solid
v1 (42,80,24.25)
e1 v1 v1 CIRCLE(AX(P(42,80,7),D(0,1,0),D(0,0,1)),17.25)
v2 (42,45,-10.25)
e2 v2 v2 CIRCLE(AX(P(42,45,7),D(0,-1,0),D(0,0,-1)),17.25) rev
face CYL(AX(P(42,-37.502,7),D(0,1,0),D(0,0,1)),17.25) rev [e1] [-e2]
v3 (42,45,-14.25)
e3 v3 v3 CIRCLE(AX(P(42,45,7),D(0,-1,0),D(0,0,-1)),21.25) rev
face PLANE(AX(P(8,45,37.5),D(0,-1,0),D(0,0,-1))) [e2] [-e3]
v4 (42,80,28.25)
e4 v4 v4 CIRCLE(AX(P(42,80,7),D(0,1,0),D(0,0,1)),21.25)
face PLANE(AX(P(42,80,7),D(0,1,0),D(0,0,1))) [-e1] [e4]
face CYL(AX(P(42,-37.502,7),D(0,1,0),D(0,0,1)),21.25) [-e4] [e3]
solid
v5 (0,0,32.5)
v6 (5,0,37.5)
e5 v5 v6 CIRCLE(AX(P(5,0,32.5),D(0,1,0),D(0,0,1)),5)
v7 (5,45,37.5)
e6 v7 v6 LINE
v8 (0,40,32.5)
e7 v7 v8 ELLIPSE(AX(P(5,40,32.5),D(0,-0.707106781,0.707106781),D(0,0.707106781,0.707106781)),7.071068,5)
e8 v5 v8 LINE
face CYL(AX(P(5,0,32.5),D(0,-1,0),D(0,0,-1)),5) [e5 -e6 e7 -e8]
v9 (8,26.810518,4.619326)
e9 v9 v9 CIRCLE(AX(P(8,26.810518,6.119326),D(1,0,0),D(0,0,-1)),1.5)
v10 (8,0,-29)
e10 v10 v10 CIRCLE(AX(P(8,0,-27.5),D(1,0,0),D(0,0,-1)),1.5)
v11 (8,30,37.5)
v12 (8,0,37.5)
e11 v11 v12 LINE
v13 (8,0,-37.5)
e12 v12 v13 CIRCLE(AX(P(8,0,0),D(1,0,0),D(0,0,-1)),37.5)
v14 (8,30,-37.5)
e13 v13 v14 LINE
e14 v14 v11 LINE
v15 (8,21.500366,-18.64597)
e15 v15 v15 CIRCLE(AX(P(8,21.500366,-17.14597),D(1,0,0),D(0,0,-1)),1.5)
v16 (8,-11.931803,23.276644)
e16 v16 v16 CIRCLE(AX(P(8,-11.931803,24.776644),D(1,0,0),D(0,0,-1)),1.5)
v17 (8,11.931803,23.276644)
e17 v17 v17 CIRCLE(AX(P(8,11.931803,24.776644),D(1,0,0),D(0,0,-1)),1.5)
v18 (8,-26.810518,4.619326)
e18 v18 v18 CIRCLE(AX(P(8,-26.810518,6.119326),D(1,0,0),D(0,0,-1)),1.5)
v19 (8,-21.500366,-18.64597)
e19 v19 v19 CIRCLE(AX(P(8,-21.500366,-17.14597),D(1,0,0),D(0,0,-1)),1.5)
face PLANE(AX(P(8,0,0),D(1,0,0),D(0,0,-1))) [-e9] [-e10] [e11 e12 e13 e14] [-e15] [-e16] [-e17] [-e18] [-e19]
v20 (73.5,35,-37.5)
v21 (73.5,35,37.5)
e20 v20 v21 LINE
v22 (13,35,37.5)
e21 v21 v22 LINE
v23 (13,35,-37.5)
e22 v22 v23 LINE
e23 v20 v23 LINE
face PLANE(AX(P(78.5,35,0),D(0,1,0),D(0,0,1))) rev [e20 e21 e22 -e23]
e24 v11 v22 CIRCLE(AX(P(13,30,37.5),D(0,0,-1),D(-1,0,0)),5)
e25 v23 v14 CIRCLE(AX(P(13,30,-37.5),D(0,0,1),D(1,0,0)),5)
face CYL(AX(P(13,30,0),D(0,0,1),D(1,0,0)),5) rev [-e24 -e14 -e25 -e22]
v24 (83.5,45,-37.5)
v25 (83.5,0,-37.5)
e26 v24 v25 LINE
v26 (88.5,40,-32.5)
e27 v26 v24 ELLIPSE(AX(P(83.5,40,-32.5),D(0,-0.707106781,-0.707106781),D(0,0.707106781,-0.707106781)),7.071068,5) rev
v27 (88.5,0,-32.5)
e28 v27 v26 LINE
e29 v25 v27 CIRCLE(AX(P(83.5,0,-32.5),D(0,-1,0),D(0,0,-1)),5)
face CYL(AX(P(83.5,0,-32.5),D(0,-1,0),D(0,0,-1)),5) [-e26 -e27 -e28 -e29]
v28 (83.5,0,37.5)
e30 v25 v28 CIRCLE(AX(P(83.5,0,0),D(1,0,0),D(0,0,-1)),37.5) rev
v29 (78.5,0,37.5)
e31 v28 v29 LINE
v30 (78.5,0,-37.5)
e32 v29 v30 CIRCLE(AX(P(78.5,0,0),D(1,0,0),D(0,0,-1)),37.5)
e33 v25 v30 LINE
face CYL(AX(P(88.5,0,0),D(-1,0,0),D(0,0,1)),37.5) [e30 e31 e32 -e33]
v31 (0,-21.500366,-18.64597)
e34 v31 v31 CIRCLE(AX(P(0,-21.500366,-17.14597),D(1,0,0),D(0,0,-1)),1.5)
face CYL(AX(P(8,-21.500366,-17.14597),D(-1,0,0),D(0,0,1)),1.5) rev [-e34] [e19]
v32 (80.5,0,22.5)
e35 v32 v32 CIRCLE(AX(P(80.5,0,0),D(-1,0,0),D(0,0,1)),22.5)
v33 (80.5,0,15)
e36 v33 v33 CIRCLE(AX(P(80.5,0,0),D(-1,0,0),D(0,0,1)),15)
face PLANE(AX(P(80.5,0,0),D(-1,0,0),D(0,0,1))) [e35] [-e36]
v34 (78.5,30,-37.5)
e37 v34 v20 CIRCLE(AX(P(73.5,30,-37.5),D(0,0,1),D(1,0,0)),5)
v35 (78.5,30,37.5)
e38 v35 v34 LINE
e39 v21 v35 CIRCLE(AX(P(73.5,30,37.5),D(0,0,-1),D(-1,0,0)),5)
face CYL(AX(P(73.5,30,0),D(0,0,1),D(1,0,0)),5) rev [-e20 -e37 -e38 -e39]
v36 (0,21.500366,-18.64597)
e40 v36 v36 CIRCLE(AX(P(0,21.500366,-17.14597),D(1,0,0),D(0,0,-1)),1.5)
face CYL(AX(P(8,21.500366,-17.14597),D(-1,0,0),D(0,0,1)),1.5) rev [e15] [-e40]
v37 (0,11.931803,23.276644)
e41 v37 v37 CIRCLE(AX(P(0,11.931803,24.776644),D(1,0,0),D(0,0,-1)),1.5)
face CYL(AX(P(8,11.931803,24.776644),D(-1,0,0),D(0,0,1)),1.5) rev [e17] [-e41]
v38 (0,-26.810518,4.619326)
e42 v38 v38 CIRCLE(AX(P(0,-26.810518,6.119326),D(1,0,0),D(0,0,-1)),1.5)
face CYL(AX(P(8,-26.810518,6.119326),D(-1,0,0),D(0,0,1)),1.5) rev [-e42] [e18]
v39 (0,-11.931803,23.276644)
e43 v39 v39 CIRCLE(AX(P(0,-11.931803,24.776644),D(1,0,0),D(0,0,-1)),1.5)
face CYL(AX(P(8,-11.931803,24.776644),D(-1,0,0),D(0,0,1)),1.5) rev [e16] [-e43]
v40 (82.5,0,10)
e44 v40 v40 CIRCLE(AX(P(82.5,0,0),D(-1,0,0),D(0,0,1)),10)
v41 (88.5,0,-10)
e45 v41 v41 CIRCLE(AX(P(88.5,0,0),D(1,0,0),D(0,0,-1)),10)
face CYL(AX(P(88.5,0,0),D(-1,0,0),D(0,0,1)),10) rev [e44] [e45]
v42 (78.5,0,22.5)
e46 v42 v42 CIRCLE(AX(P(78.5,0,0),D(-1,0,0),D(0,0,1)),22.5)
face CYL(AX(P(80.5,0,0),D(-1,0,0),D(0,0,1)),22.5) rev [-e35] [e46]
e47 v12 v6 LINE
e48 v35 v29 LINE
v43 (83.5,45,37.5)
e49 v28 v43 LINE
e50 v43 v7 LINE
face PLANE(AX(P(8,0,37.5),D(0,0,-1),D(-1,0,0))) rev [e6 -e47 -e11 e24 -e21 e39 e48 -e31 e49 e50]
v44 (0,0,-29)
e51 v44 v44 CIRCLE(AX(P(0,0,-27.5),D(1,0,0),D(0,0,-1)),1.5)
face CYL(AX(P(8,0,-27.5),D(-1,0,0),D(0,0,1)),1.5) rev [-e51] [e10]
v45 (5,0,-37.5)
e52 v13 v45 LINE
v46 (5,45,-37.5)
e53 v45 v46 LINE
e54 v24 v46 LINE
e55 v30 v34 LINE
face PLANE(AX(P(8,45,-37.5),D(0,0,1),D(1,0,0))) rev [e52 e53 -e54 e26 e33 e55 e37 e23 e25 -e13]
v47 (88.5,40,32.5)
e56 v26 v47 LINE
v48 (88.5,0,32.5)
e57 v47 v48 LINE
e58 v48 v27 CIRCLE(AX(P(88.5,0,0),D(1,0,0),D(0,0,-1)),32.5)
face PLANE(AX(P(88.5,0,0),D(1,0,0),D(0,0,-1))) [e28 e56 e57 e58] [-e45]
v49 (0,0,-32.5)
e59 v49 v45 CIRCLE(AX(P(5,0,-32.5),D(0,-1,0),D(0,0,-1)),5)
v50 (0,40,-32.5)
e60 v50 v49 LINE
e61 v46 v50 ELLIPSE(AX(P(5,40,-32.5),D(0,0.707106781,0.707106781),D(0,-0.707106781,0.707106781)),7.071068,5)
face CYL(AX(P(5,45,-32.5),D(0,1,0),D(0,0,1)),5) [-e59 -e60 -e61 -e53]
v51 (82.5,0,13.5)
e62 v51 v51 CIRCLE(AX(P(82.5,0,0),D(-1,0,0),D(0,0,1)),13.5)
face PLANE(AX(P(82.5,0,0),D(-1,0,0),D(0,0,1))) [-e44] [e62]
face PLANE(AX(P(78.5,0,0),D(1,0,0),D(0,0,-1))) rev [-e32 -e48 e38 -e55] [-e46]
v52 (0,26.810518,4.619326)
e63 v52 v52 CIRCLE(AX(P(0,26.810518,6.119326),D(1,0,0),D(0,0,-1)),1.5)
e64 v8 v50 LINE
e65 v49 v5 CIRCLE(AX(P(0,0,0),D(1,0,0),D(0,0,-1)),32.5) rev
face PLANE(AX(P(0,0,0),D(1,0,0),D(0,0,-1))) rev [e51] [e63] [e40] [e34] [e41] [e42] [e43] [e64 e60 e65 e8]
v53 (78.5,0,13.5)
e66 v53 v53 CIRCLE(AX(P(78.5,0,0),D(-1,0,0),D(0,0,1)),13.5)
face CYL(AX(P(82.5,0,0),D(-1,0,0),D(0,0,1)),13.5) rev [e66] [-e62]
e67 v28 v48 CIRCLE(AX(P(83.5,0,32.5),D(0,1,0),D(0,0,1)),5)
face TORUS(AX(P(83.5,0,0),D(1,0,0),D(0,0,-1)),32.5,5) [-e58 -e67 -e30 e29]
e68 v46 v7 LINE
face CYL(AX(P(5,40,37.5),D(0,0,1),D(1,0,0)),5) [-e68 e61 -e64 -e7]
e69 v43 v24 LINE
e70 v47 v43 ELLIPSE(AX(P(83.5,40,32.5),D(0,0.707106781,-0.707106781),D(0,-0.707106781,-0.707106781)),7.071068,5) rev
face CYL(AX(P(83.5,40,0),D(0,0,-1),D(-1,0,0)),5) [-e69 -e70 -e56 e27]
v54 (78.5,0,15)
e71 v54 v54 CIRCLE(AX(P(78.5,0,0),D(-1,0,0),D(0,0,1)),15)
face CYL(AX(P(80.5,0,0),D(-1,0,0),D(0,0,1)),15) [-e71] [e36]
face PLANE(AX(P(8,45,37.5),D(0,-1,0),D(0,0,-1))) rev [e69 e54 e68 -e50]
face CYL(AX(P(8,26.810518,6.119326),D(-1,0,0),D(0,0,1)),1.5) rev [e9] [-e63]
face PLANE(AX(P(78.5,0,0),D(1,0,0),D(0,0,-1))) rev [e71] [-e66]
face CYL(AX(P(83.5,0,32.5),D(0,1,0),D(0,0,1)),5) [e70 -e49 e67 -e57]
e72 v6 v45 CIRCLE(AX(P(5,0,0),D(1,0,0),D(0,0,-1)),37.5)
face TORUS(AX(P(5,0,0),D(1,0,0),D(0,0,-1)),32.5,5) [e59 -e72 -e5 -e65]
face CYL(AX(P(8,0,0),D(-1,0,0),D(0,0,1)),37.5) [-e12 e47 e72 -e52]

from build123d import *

# Parameters (mm, degrees)
CROQUIS1_R              = 1.5
SALIENTE_EXTRUIR1_DEPTH = 8
CROQUIS2_W              = 75
CROQUIS2_H              = 10
SALIENTE_EXTRUIR2_DEPTH = 78.5
SALIENTE_EXTRUIR4_REACH = 148.201
CROQUIS6_R              = 21.25
CROQUIS6_R_2            = 17.25
CROQUIS7_R              = 10
SALIENTE_EXTRUIR5_DEPTH = 10
CROQUIS8_R              = 22.5
CROQUIS8_R_2            = 15
CORTAR_EXTRUIR1_DEPTH   = 2
CROQUIS9_R              = 13.5
CORTAR_EXTRUIR2_DEPTH   = 4
REDONDEO1_R             = 5


with BuildPart() as part:
    # Croquis1 → Saliente-Extruir1 (new body)
    with BuildSketch(Plane(origin=(0, 0, 0), x_dir=(0, 0, -1), z_dir=(1, 0, 0))):
        with BuildLine():
            Line((-37.5, 0), (-37.5, 45))
            Line((-37.5, 45), (37.5, 45))
            Line((37.5, 45), (37.5, 0))
            ThreePointArc((37.5, 0), (0, -37.5), (-37.5, 0))
        make_face()
        with Locations((27.5, 0)):
            Circle(CROQUIS1_R, mode=Mode.SUBTRACT)
        with Locations((17.145969551, -21.500365768)):
            Circle(CROQUIS1_R, mode=Mode.SUBTRACT)
        with Locations((-6.119325684, -26.810517585)):
            Circle(CROQUIS1_R, mode=Mode.SUBTRACT)
        with Locations((-24.776643867, -11.931802826)):
            Circle(CROQUIS1_R, mode=Mode.SUBTRACT)
        with Locations((-24.776643867, 11.931802826)):
            Circle(CROQUIS1_R, mode=Mode.SUBTRACT)
        with Locations((-6.119325684, 26.810517585)):
            Circle(CROQUIS1_R, mode=Mode.SUBTRACT)
        with Locations((17.145969551, 21.500365768)):
            Circle(CROQUIS1_R, mode=Mode.SUBTRACT)
    extrude(amount=SALIENTE_EXTRUIR1_DEPTH)

    # Croquis2 → Saliente-Extruir2 (add)
    with BuildSketch(Plane(origin=(0, 0, 0), x_dir=(0, 0, -1), z_dir=(1, 0, 0))):
        with Locations((0, 40)):
            Rectangle(CROQUIS2_W, CROQUIS2_H)
    extrude(amount=SALIENTE_EXTRUIR2_DEPTH)


with BuildPart() as body_2:

    # Croquis6 → Saliente-Extruir4 (new, up to next)
    with BuildSketch(Plane(origin=(0, 80, 0), x_dir=(1, 0, 0), z_dir=(0, 1, 0)), mode=Mode.PRIVATE) as saliente_extruir4_sk1:
        with Locations(Location((42, -7, 0), (0, 0, 270))):
            Circle(CROQUIS6_R)
        with Locations(Location((42, -7, 0), (0, 0, 270))):
            Circle(CROQUIS6_R_2, mode=Mode.SUBTRACT)
    saliente_extruir4_tool1 = extrude(saliente_extruir4_sk1.sketch, amount=-SALIENTE_EXTRUIR4_REACH, mode=Mode.PRIVATE) - part.part
    add(saliente_extruir4_tool1.solids().sort_by_distance((42, 80, -13.648959))[0])


with BuildPart() as part_1:
    add(part.part)

    # Croquis7 → Saliente-Extruir5 (add)
    with BuildSketch(Plane(origin=(78.5, 0, 0), x_dir=(0, 0, -1), z_dir=(1, 0, 0))):
        with BuildLine():
            Line((-37.5, 0), (-37.5, 45))
            Line((-37.5, 45), (37.5, 45))
            Line((37.5, 45), (37.5, 0))
            ThreePointArc((37.5, 0), (0, -37.5), (-37.5, 0))
        make_face()
        Circle(CROQUIS7_R, mode=Mode.SUBTRACT)
    extrude(amount=SALIENTE_EXTRUIR5_DEPTH)

    # Croquis8 → Cortar-Extruir1 (cut)
    with BuildSketch(Plane.ZY.offset(-78.5)):
        Circle(CROQUIS8_R)
        Circle(CROQUIS8_R_2, mode=Mode.SUBTRACT)
    extrude(amount=-CORTAR_EXTRUIR1_DEPTH, mode=Mode.SUBTRACT)

    # Croquis9 → Cortar-Extruir2 (cut)
    with BuildSketch(Plane.ZY.offset(-78.5)):
        Circle(CROQUIS9_R)
    extrude(amount=-CORTAR_EXTRUIR2_DEPTH, mode=Mode.SUBTRACT)

    # Redondeo1
    redondeo1_edges = [part_1.edges().sort_by_distance(p)[0] for p in [
        (8, 35, 0),
        (78.5, 35, 0),
        (0, 22.5, 37.5),
        (0, 45, 0),
        (0, 22.5, -37.5),
        (0, -37.5, 0),
        (88.5, -37.5, 0),
        (88.5, 22.5, -37.5),
        (88.5, 45, 0),
        (88.5, 22.5, 37.5),
    ]]
    fillet(redondeo1_edges, radius=REDONDEO1_R)


solid = Compound([body_2.part, part_1.part])
